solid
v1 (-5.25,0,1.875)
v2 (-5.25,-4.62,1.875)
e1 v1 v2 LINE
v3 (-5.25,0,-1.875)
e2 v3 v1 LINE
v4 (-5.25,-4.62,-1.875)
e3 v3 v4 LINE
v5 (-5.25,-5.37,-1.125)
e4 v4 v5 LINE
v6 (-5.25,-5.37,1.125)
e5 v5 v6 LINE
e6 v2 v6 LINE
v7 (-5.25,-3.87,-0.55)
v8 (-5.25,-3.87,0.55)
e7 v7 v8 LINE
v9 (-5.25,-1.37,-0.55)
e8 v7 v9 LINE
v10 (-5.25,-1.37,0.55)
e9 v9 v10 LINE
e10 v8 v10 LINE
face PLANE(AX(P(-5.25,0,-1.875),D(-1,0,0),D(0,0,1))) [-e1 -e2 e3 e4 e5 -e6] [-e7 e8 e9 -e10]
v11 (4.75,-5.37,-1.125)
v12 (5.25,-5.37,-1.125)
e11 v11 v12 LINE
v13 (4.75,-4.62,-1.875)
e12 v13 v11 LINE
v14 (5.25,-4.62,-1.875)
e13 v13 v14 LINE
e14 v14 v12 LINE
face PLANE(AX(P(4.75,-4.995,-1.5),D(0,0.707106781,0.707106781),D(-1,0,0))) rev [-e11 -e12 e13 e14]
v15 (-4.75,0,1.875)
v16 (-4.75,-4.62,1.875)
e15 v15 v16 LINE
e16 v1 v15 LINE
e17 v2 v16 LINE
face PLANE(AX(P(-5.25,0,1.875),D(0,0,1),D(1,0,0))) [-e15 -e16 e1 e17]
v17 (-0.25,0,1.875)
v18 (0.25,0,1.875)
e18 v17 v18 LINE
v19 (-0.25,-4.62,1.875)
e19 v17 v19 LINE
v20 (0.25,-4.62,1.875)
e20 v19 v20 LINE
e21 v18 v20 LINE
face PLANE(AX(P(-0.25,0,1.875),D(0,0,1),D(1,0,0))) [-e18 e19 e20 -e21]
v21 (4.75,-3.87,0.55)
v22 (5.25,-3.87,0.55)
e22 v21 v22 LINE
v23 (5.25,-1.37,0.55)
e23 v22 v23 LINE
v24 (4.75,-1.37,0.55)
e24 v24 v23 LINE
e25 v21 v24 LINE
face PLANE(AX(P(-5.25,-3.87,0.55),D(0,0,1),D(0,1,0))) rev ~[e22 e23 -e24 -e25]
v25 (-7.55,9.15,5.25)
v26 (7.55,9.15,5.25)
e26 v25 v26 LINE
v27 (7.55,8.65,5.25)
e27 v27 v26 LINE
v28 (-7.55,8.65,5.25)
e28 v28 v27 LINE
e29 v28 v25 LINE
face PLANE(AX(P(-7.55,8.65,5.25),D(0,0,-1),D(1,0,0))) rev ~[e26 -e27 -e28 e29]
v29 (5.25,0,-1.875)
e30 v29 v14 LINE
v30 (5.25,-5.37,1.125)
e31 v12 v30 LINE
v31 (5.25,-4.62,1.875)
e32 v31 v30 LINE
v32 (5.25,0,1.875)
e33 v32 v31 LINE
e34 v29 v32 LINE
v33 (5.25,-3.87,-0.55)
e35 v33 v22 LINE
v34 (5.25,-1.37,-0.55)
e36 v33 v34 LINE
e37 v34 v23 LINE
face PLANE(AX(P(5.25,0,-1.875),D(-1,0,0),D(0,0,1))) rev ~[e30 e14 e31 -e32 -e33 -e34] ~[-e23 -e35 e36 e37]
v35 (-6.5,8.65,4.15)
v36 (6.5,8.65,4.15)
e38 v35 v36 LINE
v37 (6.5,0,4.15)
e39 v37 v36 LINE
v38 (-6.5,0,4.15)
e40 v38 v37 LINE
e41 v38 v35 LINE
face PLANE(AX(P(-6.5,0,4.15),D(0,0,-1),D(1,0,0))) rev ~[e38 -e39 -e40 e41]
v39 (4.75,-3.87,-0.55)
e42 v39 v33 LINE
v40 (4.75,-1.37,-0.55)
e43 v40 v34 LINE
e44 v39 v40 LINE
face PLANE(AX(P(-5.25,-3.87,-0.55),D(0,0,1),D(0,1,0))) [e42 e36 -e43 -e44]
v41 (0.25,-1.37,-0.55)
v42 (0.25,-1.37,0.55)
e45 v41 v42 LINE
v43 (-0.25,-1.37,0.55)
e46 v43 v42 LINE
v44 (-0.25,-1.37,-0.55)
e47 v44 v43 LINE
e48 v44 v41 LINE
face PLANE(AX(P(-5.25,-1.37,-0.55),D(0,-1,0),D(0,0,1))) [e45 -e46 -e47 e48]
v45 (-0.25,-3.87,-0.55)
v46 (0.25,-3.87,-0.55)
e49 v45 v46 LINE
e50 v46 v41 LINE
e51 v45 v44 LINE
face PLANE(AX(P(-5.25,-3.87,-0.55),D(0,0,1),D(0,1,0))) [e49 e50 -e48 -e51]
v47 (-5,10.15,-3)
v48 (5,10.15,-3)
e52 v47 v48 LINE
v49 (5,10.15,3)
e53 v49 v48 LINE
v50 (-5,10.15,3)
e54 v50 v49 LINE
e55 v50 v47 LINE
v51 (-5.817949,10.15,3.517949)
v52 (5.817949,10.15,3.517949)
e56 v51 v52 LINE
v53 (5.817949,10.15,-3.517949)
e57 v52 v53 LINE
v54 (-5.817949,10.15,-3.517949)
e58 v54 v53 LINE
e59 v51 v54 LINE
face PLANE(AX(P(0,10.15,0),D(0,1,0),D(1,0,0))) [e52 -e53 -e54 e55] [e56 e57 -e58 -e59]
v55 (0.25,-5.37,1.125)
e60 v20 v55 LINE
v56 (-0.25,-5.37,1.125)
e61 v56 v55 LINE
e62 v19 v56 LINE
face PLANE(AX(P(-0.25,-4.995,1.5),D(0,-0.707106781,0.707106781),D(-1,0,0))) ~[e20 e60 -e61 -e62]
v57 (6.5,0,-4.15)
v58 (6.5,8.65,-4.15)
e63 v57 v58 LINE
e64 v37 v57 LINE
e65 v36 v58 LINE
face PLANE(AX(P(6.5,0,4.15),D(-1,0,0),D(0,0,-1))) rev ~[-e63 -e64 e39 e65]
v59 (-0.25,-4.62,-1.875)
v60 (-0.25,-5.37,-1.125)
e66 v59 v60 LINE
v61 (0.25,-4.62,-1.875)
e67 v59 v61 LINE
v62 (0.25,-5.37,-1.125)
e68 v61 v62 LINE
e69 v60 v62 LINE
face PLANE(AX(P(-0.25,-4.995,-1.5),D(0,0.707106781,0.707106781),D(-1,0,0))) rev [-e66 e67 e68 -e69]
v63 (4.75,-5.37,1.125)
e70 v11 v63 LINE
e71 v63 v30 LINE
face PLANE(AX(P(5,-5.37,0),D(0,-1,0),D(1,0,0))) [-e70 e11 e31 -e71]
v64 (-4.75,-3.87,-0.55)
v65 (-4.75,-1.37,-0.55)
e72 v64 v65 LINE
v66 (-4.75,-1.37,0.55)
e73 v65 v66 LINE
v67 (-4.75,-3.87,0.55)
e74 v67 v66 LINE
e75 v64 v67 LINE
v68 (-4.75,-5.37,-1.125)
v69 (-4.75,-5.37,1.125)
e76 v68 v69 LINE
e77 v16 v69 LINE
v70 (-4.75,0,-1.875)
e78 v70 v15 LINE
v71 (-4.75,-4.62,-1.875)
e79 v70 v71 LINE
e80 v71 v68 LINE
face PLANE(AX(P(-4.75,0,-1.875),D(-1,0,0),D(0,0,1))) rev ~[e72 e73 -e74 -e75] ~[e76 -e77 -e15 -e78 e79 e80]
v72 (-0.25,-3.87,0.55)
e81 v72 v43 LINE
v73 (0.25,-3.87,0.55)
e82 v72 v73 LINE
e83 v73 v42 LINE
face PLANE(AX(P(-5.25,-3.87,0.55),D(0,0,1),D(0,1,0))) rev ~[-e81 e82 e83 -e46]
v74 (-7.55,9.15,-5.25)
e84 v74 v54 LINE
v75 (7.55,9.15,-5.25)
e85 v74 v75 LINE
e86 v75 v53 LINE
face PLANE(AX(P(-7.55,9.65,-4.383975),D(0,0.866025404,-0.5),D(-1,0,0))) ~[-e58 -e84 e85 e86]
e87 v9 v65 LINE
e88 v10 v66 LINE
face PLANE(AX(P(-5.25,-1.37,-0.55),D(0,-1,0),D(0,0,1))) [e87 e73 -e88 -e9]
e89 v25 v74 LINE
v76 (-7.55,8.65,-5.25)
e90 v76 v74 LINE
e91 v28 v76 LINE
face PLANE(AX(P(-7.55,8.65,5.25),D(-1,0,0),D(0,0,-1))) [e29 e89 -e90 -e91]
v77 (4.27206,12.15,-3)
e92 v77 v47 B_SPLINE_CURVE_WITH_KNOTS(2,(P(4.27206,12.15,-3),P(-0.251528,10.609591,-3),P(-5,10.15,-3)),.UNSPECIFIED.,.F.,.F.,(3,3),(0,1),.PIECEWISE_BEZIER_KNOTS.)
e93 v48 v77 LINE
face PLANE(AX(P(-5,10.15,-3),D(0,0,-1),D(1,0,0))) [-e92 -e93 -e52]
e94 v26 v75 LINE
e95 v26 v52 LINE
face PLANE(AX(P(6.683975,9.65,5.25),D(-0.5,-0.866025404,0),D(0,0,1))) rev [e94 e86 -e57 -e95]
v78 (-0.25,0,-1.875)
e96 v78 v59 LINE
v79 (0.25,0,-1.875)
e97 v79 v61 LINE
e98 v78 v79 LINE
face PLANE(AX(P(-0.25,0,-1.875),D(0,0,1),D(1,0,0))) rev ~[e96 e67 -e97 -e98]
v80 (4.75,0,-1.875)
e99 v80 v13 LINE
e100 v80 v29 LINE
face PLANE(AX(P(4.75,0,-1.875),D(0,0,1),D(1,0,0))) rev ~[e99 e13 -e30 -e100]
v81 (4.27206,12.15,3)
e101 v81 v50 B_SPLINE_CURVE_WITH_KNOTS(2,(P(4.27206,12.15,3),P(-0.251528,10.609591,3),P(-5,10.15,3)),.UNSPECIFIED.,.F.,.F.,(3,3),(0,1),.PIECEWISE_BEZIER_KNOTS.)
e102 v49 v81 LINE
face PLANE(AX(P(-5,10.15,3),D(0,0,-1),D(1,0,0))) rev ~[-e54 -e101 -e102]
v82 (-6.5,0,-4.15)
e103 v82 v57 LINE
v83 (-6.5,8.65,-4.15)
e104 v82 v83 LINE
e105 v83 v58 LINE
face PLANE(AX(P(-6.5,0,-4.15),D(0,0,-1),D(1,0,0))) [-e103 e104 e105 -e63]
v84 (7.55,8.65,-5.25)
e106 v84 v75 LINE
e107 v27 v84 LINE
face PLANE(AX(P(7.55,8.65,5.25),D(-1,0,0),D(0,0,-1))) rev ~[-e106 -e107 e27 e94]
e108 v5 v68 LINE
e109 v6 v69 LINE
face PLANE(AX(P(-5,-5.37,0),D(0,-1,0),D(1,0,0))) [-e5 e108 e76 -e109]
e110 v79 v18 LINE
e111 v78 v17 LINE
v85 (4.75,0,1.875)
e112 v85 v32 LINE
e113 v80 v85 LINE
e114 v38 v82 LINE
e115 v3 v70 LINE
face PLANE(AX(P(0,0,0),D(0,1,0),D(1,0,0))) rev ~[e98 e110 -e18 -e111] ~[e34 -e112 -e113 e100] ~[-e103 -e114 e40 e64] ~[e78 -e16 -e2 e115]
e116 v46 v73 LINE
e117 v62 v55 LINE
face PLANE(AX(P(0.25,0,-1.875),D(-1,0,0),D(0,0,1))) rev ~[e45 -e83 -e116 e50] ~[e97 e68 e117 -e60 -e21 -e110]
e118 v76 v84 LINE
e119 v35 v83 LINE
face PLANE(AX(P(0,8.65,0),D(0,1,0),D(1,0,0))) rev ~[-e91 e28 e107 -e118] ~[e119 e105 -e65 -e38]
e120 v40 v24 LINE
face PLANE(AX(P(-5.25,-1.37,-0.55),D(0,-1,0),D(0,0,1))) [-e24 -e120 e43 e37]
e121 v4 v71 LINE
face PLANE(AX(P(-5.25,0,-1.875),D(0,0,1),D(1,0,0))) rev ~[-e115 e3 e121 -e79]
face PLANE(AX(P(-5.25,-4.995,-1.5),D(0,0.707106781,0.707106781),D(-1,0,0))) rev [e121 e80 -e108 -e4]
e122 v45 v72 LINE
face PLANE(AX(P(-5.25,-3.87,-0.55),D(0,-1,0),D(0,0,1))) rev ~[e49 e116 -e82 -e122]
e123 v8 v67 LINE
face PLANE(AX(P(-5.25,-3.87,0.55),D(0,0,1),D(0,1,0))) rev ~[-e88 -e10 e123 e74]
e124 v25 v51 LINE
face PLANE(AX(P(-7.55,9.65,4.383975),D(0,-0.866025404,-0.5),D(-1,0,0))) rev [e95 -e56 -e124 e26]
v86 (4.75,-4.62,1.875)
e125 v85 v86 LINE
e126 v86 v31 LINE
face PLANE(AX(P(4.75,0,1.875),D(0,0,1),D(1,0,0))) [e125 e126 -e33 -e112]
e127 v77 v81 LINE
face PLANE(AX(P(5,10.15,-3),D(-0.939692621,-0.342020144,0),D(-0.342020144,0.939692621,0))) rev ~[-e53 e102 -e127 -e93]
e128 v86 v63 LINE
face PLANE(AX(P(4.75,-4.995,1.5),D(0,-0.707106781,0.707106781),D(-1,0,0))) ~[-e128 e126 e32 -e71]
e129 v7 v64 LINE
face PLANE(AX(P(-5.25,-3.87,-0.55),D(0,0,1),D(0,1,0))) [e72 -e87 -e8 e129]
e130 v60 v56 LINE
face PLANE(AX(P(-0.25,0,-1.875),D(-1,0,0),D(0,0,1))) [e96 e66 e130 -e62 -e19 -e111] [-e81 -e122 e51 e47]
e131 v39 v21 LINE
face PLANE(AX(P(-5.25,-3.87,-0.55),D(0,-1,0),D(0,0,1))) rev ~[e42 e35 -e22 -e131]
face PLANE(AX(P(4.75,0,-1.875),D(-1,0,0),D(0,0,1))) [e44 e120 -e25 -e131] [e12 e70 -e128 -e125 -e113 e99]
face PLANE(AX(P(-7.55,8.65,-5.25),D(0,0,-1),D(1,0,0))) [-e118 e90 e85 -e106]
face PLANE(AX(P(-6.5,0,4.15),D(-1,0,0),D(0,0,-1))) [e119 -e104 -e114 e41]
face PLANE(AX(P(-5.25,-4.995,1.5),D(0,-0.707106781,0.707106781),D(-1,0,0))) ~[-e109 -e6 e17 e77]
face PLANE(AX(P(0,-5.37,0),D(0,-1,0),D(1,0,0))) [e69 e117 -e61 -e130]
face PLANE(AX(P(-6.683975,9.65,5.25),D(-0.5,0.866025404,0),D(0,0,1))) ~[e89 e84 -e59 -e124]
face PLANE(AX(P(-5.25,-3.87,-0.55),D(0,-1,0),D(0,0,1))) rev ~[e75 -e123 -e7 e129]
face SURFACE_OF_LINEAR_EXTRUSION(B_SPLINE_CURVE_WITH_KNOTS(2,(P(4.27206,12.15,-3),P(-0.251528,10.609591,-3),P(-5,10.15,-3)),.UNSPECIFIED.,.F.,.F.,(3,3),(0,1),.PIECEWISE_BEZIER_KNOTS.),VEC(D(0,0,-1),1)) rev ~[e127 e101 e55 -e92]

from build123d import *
from OCP.BRepFilletAPI import BRepFilletAPI_MakeChamfer

# Parameters (mm, degrees)
SKETCH1_W           = 13
SKETCH1_H           = 8.3
BOSS_EXTRUDE1_DEPTH = 8.65
SKETCH3_W           = 15.1
SKETCH3_H           = 10.5
BOSS_EXTRUDE2_DEPTH = 1.5
CHAMFER1_SIZE       = 1
CHAMFER1_SIZE2      = 1.732050808
SKETCH4_W           = 10
SKETCH4_H           = 6
BOSS_EXTRUDE3_DEPTH = 2
CUT_EXTRUDE2_DEPTH  = 6
SKETCH6_W           = 0.5
SKETCH6_H           = 3.75
BOSS_EXTRUDE4_DEPTH = 5.37
CHAMFER2_SIZE       = 0.75
CUT_EXTRUDE3_REACH  = 20.413
SKETCH7_W           = 1.1
SKETCH7_H           = 2.5


with BuildPart() as part:
    # Sketch1 → Boss-Extrude1 (new body)
    with BuildSketch(Plane(origin=(0, 0, 0), x_dir=(1, 0, 0), z_dir=(0, 1, 0))):
        Rectangle(SKETCH1_W, SKETCH1_H)
    extrude(amount=BOSS_EXTRUDE1_DEPTH)

    # Sketch3 → Boss-Extrude2 (add)
    with BuildSketch(Plane(origin=(0, 8.65, 0), x_dir=(1, 0, 0), z_dir=(0, 1, 0))):
        Rectangle(SKETCH3_W, SKETCH3_H)
    extrude(amount=BOSS_EXTRUDE2_DEPTH)

    # Chamfer1: one chamfer whose edges measure the first distance from different faces: ONE call of the kernel's chamfer builder (chamfer() names one face for all edges)
    chamfer1_edges_1 = [part.edges().sort_by_distance(p)[0] for p in [
        (-7.55, 10.15, 0),
    ]]
    chamfer1_side_1 = [part.faces().sort_by_distance(p)[0] for p in [
        (-7.55, 9.4, 0),
    ]]
    chamfer1_edges_2 = [part.edges().sort_by_distance(p)[0] for p in [
        (0, 10.15, 5.25),
    ]]
    chamfer1_side_2 = [part.faces().sort_by_distance(p)[0] for p in [
        (0, 9.4, 5.25),
    ]]
    chamfer1_edges_3 = [part.edges().sort_by_distance(p)[0] for p in [
        (7.55, 10.15, 0),
    ]]
    chamfer1_side_3 = [part.faces().sort_by_distance(p)[0] for p in [
        (7.55, 9.4, 0),
    ]]
    chamfer1_edges_4 = [part.edges().sort_by_distance(p)[0] for p in [
        (0, 10.15, -5.25),
    ]]
    chamfer1_side_4 = [part.faces().sort_by_distance(p)[0] for p in [
        (0, 9.4, -5.25),
    ]]
    chamfer1 = BRepFilletAPI_MakeChamfer(part.part.solid().wrapped)
    for e in chamfer1_edges_1:
        chamfer1.Add(CHAMFER1_SIZE, CHAMFER1_SIZE2, e.wrapped, chamfer1_side_1[0].wrapped)  # the first distance lies on this face
    for e in chamfer1_edges_2:
        chamfer1.Add(CHAMFER1_SIZE, CHAMFER1_SIZE2, e.wrapped, chamfer1_side_2[0].wrapped)  # the first distance lies on this face
    for e in chamfer1_edges_3:
        chamfer1.Add(CHAMFER1_SIZE, CHAMFER1_SIZE2, e.wrapped, chamfer1_side_3[0].wrapped)  # the first distance lies on this face
    for e in chamfer1_edges_4:
        chamfer1.Add(CHAMFER1_SIZE, CHAMFER1_SIZE2, e.wrapped, chamfer1_side_4[0].wrapped)  # the first distance lies on this face
    add(Compound.cast(chamfer1.Shape()), mode=Mode.REPLACE)

    # Sketch4 → Boss-Extrude3 (add)
    with BuildSketch(Plane(origin=(0, 10.15, 0), x_dir=(1, 0, 0), z_dir=(0, 1, 0))):
        Rectangle(SKETCH4_W, SKETCH4_H)
    extrude(amount=BOSS_EXTRUDE3_DEPTH)

    # Sketch5 → Cut-Extrude2 (cut)
    with BuildSketch(Plane(origin=(0, 0, -3), x_dir=(-1, 0, 0), z_dir=(0, 0, -1))):
        with BuildLine():
            Line((5, 12.15), (-4.272059531, 12.15))
            add(Edge.make_bspline(
                [(-4.272059531, 12.15), (0.251528144, 10.609590956), (5, 10.15)],
                knots=[0, 0, 0, 1, 1, 1], degree=2))
            Line((5, 10.15), (5, 12.15))
        make_face()
        Polygon((-5, 12.15), (-5, 10.15), (-4.272059531, 12.15), align=None)
    extrude(amount=-CUT_EXTRUDE2_DEPTH, mode=Mode.SUBTRACT)

    # Sketch6 → Boss-Extrude4 (add)
    with BuildSketch(Plane.XZ):
        Rectangle(SKETCH6_W, SKETCH6_H)
        with Locations((5, 0)):
            Rectangle(SKETCH6_W, SKETCH6_H)
        with Locations((-5, 0)):
            Rectangle(SKETCH6_W, SKETCH6_H)
    extrude(amount=BOSS_EXTRUDE4_DEPTH)

    # Chamfer2
    chamfer2_edges = [part.edges().sort_by_distance(p)[0] for p in [
        (0, -5.37, 1.875),
        (0, -5.37, -1.875),
        (5, -5.37, 1.875),
        (5, -5.37, -1.875),
        (-5, -5.37, 1.875),
        (-5, -5.37, -1.875),
    ]]
    chamfer(chamfer2_edges, length=CHAMFER2_SIZE)

    # Cut-Extrude3: up to this face of the body (flat: up to its plane)
    cut_extrude3_end = Plane(part.part.faces().sort_by_distance((5.25, -2.615028736, 0))[0])
    # Sketch7 → Cut-Extrude3 (cut, up to the picked face)
    with BuildSketch(Plane.ZY.offset(5.25), mode=Mode.PRIVATE) as cut_extrude3_sk1:
        with Locations((0, -2.62)):
            Rectangle(SKETCH7_W, SKETCH7_H)
    cut_extrude3_tool1 = split(extrude(cut_extrude3_sk1.sketch, amount=-CUT_EXTRUDE3_REACH, mode=Mode.PRIVATE), bisect_by=cut_extrude3_end, keep=Keep.BOTH, mode=Mode.PRIVATE)
    add(cut_extrude3_tool1.solids().sort_by(Axis((-5.25, -2.62, 0), (1, 0, 0)))[0], mode=Mode.SUBTRACT)


solid = part.part
